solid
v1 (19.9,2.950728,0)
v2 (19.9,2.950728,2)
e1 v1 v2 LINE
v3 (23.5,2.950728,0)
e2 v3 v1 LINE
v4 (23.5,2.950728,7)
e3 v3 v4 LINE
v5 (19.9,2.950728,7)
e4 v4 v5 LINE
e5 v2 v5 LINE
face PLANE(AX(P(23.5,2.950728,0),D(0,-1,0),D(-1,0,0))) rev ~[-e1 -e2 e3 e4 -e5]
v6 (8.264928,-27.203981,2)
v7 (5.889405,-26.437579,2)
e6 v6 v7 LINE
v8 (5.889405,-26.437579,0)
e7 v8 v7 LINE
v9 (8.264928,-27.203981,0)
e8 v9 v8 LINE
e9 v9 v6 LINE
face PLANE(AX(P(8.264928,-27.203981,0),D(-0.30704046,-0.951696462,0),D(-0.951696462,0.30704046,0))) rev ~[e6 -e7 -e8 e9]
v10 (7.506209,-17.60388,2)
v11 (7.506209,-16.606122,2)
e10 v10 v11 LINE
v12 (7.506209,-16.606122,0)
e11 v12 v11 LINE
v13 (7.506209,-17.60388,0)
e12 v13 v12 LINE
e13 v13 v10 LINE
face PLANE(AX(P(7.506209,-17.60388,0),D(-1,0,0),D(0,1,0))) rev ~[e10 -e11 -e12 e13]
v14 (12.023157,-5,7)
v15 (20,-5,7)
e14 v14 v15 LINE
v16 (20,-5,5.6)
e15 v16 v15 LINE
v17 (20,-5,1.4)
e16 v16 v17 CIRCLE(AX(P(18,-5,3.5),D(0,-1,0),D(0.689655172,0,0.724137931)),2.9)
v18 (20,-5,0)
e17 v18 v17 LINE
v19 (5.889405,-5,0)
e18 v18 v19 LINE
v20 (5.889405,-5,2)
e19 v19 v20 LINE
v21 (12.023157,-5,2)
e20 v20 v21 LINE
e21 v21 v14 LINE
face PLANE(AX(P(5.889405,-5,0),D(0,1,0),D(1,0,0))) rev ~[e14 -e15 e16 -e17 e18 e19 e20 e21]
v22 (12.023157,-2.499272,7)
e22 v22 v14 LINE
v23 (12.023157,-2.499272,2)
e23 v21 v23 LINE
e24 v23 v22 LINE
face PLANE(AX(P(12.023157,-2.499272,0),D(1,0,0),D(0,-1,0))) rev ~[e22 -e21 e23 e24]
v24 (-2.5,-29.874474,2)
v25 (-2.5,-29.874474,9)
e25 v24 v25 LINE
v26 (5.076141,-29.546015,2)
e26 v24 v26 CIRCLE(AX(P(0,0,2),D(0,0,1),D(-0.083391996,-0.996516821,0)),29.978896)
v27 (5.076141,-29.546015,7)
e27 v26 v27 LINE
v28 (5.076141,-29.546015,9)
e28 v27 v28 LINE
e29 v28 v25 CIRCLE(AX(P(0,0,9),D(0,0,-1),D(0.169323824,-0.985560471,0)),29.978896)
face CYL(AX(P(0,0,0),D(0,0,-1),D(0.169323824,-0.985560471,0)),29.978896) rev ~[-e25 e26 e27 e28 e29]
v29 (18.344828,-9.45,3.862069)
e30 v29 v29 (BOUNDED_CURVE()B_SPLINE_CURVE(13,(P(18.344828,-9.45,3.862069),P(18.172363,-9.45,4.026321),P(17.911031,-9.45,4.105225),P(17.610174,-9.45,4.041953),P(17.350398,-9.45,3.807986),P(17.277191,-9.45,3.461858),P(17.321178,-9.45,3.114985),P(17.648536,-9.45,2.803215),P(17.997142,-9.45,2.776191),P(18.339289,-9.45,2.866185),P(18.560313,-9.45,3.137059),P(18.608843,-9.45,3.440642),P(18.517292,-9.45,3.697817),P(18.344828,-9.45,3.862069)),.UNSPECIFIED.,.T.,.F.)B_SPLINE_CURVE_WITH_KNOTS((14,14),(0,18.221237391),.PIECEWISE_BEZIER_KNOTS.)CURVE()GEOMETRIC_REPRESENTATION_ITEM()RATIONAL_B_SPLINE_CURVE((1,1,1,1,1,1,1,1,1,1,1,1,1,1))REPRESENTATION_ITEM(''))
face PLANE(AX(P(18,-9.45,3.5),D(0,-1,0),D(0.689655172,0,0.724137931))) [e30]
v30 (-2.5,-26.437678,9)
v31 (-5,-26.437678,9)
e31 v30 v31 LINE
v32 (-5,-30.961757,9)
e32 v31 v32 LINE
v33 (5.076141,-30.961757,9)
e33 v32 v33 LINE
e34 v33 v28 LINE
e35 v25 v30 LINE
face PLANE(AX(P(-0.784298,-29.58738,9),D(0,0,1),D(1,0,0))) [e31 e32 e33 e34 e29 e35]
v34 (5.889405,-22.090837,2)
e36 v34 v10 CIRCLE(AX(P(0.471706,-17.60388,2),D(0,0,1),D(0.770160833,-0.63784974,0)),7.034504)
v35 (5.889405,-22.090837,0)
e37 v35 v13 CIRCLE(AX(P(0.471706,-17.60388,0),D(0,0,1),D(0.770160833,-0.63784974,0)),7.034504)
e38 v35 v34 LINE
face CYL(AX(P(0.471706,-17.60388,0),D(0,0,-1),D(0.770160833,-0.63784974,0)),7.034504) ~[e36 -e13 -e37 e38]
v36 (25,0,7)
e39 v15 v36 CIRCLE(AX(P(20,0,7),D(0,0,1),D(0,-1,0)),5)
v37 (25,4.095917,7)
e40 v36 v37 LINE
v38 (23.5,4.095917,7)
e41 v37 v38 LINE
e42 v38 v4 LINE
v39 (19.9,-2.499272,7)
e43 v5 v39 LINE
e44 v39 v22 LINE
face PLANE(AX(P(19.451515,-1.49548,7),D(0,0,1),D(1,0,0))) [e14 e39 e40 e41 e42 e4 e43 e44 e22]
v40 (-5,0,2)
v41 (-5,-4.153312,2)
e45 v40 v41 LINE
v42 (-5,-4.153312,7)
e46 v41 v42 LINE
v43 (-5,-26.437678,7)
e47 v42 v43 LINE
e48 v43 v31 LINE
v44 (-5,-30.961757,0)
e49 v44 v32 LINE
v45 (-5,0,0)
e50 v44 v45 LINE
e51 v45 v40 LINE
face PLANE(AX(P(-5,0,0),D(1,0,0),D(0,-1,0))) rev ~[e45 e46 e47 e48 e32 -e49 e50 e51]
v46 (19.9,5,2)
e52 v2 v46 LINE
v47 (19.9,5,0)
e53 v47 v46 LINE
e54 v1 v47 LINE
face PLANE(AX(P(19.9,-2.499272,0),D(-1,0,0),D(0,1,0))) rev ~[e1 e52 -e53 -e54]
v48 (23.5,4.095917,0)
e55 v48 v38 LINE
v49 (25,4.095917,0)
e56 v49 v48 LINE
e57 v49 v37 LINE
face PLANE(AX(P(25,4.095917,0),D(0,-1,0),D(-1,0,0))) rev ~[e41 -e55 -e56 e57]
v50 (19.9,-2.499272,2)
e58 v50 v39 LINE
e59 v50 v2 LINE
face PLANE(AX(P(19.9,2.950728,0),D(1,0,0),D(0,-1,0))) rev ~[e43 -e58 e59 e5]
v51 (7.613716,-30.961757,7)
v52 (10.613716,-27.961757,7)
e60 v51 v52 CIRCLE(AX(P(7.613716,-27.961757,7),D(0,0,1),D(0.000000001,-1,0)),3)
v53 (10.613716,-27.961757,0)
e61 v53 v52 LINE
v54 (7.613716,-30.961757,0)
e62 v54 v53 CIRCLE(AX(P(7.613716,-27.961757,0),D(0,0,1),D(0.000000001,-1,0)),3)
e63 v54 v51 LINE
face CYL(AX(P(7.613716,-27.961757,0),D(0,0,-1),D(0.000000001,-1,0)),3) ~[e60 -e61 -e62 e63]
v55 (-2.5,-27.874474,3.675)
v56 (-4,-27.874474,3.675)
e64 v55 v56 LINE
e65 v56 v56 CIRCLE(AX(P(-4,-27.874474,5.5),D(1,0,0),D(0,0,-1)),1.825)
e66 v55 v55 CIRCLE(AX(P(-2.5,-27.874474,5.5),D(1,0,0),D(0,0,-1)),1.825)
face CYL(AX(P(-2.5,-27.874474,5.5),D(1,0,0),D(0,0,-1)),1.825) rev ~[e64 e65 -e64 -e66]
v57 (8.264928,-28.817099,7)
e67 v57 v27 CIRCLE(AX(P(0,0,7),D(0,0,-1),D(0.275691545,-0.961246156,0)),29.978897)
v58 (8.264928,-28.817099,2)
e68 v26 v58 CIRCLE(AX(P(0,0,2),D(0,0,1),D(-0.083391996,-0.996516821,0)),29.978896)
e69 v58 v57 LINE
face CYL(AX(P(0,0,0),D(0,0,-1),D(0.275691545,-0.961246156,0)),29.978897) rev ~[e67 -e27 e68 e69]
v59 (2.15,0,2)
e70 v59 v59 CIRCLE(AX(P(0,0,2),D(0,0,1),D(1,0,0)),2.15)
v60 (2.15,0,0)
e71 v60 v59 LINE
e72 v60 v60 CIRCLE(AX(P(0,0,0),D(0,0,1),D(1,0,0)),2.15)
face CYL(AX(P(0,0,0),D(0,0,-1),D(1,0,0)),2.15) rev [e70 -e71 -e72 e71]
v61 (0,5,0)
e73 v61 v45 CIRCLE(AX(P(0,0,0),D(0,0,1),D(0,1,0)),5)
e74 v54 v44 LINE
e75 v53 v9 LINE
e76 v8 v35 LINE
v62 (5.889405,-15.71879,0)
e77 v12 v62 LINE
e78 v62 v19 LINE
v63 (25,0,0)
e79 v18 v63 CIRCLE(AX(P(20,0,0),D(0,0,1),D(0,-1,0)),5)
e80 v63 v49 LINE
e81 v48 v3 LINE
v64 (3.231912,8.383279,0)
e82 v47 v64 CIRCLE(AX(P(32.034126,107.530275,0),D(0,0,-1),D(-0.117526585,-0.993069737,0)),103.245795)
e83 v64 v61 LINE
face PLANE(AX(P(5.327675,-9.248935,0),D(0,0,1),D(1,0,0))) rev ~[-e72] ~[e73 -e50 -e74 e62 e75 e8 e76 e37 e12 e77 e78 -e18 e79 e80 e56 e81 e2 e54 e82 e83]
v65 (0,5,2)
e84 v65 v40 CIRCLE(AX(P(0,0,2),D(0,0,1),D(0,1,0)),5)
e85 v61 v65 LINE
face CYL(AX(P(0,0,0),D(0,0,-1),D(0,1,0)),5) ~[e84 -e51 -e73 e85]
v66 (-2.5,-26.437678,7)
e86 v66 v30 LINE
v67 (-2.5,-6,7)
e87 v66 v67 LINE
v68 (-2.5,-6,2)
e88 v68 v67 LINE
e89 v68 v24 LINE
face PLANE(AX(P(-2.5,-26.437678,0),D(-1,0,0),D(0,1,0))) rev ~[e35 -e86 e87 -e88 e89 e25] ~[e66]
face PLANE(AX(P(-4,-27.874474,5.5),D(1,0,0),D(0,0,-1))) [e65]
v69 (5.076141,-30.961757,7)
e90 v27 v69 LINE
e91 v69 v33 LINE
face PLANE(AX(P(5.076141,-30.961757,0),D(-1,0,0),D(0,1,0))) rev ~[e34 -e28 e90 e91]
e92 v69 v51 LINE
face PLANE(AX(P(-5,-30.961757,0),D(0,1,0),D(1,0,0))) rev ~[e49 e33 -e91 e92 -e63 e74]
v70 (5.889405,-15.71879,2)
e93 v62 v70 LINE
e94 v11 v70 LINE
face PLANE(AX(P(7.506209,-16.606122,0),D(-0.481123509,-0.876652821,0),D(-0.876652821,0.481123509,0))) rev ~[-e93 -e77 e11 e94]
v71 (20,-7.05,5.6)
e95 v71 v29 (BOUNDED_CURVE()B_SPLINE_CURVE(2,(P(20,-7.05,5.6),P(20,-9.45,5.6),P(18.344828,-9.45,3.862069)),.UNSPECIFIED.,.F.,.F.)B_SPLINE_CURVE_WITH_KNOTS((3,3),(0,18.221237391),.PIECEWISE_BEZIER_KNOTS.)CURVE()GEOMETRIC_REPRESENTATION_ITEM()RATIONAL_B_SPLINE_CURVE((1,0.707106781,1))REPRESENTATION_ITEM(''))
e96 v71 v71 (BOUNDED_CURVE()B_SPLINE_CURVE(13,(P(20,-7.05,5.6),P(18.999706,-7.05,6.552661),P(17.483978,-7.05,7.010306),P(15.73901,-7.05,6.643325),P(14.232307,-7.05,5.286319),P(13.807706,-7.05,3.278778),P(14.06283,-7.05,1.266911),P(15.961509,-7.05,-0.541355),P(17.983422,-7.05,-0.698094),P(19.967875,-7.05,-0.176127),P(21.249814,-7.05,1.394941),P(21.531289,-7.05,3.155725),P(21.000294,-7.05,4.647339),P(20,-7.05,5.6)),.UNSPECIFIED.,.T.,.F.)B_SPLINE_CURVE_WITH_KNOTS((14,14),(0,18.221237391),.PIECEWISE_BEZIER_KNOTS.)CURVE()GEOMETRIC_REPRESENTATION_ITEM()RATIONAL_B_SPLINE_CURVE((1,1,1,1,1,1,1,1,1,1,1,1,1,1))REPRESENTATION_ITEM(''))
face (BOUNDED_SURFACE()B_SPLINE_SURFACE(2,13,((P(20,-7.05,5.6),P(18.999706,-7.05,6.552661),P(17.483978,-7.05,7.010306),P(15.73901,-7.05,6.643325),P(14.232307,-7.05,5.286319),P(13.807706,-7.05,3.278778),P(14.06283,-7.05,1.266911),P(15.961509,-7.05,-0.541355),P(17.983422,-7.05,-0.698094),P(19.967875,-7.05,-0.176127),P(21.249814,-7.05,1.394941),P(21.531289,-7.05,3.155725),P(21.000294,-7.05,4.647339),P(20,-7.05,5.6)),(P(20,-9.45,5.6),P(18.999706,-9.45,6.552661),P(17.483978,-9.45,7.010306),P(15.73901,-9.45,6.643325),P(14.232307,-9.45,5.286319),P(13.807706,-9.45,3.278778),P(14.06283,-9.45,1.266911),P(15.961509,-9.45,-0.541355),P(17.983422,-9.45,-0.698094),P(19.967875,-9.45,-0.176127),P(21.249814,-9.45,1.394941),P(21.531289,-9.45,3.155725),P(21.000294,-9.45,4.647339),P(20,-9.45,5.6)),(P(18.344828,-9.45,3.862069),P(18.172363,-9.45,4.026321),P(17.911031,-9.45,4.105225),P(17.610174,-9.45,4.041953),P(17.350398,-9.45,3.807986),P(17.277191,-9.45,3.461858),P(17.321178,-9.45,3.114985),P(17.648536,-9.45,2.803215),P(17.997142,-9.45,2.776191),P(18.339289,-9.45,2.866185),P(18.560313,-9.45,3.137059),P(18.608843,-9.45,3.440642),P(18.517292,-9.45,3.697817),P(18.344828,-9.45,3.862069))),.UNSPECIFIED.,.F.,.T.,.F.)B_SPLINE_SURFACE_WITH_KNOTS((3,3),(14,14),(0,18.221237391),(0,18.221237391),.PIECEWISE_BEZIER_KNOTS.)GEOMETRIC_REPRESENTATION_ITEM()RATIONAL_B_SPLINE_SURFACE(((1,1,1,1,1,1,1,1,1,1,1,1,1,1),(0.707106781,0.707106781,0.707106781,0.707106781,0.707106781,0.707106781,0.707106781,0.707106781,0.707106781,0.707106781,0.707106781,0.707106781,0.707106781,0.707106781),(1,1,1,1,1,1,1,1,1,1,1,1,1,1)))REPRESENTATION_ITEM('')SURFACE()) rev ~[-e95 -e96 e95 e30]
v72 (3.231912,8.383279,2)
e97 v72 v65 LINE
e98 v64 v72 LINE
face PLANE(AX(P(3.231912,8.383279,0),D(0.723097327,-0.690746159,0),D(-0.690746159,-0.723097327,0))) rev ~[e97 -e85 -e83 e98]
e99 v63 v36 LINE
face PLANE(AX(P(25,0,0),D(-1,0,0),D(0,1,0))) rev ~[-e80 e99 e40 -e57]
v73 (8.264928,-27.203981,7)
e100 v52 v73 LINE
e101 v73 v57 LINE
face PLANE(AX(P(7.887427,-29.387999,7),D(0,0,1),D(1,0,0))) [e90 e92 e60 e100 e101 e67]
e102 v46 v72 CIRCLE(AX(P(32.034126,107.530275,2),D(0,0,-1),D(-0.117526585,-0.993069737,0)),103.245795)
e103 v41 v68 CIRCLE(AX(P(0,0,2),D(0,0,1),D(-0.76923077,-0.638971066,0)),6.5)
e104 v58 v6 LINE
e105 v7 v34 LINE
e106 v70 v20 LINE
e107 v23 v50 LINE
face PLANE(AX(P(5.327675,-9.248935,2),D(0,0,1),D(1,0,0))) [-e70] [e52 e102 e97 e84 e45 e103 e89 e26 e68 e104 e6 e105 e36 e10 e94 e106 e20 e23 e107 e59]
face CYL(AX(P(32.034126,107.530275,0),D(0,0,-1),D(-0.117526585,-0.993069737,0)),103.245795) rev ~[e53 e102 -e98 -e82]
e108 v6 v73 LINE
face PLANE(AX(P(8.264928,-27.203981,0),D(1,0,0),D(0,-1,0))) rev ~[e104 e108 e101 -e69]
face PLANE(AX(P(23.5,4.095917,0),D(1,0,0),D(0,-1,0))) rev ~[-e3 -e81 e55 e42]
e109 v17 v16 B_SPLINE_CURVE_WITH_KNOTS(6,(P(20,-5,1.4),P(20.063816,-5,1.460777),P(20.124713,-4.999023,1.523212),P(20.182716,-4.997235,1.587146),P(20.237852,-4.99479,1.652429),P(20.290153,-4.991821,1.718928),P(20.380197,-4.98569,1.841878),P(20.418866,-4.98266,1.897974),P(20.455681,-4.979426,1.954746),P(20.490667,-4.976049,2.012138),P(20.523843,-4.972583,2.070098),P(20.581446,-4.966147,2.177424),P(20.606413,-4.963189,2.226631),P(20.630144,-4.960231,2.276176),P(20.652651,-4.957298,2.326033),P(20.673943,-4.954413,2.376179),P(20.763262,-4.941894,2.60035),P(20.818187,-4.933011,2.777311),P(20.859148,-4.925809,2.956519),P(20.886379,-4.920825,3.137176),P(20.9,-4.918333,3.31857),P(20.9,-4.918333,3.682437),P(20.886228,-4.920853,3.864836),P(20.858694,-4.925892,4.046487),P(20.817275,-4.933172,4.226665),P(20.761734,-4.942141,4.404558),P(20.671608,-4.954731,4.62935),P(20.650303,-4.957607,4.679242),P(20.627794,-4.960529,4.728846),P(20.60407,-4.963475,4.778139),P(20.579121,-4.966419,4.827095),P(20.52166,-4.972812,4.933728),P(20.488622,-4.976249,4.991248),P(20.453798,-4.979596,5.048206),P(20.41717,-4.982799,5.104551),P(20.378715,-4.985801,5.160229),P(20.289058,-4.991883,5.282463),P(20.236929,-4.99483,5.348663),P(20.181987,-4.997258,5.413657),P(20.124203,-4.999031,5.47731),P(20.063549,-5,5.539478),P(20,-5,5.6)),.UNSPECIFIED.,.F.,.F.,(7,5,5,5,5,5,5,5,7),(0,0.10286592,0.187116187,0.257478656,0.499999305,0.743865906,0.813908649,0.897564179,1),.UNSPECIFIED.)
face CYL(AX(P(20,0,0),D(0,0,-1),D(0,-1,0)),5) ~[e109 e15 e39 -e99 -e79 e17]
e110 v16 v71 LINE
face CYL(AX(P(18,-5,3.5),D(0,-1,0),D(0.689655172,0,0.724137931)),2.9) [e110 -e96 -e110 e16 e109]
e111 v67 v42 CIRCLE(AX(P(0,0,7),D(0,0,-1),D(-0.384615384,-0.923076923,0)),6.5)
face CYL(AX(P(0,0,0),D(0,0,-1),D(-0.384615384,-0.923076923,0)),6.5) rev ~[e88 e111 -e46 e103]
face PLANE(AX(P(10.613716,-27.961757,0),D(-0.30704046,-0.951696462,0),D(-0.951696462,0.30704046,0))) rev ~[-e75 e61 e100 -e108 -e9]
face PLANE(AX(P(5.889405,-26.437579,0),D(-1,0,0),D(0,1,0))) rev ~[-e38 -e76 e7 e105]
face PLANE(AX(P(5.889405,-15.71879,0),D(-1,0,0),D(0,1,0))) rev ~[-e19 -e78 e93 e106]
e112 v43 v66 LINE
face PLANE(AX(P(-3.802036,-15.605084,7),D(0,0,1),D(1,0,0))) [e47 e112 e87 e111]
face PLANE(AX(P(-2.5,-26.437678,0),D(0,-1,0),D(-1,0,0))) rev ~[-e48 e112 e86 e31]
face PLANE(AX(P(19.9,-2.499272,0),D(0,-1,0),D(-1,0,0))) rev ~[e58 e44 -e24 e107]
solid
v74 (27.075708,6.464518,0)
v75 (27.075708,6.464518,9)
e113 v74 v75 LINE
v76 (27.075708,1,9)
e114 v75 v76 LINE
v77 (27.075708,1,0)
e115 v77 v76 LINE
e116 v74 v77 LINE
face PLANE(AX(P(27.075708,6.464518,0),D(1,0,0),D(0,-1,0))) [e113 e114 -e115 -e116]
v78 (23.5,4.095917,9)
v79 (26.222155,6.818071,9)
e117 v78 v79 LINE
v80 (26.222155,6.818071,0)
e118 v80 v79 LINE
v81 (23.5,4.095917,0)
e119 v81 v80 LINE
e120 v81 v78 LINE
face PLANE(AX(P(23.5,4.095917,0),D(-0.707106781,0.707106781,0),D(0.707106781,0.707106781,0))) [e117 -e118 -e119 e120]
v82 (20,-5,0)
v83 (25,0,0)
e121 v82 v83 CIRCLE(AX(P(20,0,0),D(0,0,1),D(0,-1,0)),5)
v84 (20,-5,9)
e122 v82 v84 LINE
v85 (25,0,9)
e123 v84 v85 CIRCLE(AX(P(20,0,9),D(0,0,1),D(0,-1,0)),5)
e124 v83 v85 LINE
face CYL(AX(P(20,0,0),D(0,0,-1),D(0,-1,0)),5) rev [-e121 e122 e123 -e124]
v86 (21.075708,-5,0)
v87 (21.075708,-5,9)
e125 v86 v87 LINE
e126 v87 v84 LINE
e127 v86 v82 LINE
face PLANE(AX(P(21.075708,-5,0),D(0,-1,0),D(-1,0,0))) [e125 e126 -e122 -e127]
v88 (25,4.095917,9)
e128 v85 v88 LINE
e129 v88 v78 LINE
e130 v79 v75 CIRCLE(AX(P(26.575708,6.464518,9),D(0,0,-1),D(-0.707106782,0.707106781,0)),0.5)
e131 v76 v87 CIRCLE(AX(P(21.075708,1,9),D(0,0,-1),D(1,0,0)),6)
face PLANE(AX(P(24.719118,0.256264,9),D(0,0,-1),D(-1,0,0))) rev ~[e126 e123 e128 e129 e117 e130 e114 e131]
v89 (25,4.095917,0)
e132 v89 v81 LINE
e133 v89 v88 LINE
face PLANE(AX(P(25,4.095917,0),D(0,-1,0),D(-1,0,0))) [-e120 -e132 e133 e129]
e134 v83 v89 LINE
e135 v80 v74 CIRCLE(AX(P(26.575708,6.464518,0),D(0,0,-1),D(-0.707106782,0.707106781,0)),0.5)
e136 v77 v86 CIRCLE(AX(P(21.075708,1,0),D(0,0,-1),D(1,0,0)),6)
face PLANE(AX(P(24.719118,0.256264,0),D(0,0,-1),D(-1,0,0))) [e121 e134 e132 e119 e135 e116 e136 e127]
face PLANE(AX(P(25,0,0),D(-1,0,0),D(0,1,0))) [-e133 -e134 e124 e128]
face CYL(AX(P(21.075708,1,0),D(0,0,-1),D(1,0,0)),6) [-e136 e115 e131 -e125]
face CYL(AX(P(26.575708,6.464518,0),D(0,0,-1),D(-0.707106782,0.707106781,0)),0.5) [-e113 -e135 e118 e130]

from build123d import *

# Parameters (mm, degrees)
EXTRUDE_3_DEPTH     = 9
EXTRUDE_3_2_DEPTH   = 9
EXTRUDE_4_DEPTH     = 7
SKETCH_1_8_R        = 2.15
EXTRUDE_5_DEPTH     = 2
SKETCH_2_R          = 2.9
EXTRUDE_6_DEPTH     = 2.45
SKETCH_4_R          = 2.9
EXTRUDE_7_DEPTH     = 2
FILLET_2_R          = 2.4
SKETCH_5_R          = 1.825
CUT_EXTRUDE_1_DEPTH = 1.5


with BuildPart() as part:
    # 스케치1 → 보스-돌출3 (new body)
    with BuildSketch(Plane.XY):
        with BuildLine():
            Line((-2.5, -26.437677825), (-5, -26.437677825))
            Line((-5, -26.437677825), (-5, -30.96175738))
            Line((-5, -30.96175738), (5.076141326, -30.96175738))
            Line((5.076141326, -30.96175738), (5.076141326, -29.54601506))
            ThreePointArc((5.076141326, -29.54601506), (1.298498135, -29.950761581), (-2.5, -29.874474333))
            Line((-2.5, -29.874474333), (-2.5, -26.437677825))
        make_face()
    extrude(amount=EXTRUDE_3_DEPTH)

    # 스케치1<7> → 보스-돌출4 (add)
    with BuildSketch(Plane.XY):
        with BuildLine():
            Line((23.5, 2.950728465), (19.9, 2.950728465))
            Line((19.9, 2.950728465), (19.9, -2.499271535))
            Line((19.9, -2.499271535), (12.023157318, -2.499271535))
            Line((12.023157318, -2.499271535), (12.023157318, -5))
            Line((12.023157318, -5), (20, -5))
            ThreePointArc((20, -5), (23.535533906, -3.535533906), (25, 0))
            Line((25, 0), (25, 4.09591659))
            Line((25, 4.09591659), (23.5, 4.09591659))
            Line((23.5, 4.09591659), (23.5, 2.950728465))
        make_face()
        with BuildLine():
            ThreePointArc((-2.5, -6), (-3.862002616, -5.228282299), (-5, -4.153311931))
            Line((-5, -4.153311931), (-5, -26.437677825))
            Line((-5, -26.437677825), (-2.5, -26.437677825))
            Line((-2.5, -26.437677825), (-2.5, -6))
        make_face()
        with BuildLine():
            Line((5.076141326, -29.54601506), (5.076141326, -30.96175738))
            Line((5.076141326, -30.96175738), (7.613716386, -30.96175738))
            ThreePointArc((7.613716386, -30.96175738), (9.735036729, -30.083077723), (10.613716386, -27.96175738))
            Line((10.613716386, -27.96175738), (8.264928228, -27.20398111))
            Line((8.264928228, -27.20398111), (8.264928228, -28.81709871))
            ThreePointArc((8.264928228, -28.81709871), (6.680483813, -29.225080884), (5.076141326, -29.54601506))
        make_face()
    extrude(amount=EXTRUDE_4_DEPTH)


with BuildPart() as body_2:
    # 스케치1 → Extrude 3 2 (new body)
    with BuildSketch(Plane.XY):
        with BuildLine():
            Line((26.22215467, 6.81807126), (23.5, 4.09591659))
            Line((23.5, 4.09591659), (25, 4.09591659))
            Line((25, 4.09591659), (25, 0))
            ThreePointArc((25, 0), (23.535533906, -3.535533906), (20, -5))
            Line((20, -5), (21.075708061, -5))
            ThreePointArc((21.075708061, -5), (25.318348748, -3.242640687), (27.075708061, 1))
            Line((27.075708061, 1), (27.075708061, 6.46451787))
            ThreePointArc((27.075708061, 6.46451787), (26.767049777, 6.926457636), (26.22215467, 6.81807126))
        make_face()
    extrude(amount=EXTRUDE_3_2_DEPTH)


with BuildPart() as extrude_4_piece_1:
    # of the separate pieces the step leaves, piece 1, a body of its own (extrude_4_pieces)
    add(part.part.solids().sort_by_distance((-2.5, -29.874474333, 0))[0])



with BuildPart() as extrude_4_piece_2:
    # of the separate pieces the step leaves, piece 2, a body of its own (extrude_4_pieces)
    add(part.part.solids().sort_by_distance((23.5, 2.950728465, 0))[0])


with BuildPart() as extrude_4_piece_1_1:
    add(extrude_4_piece_1.part)

    add(extrude_4_piece_2.part)  # 보스-돌출5 merges 보스-돌출4 piece 2
    # 스케치1<8> → 보스-돌출5 (add)
    with BuildSketch(Plane.XY):
        with BuildLine():
            Line((3.231912185, 8.38327913), (0, 5))
            ThreePointArc((0, 5), (-3.535533906, 3.535533906), (-5, 0))
            Line((-5, 0), (-5, -4.153311931))
            ThreePointArc((-5, -4.153311931), (-3.862002616, -5.228282299), (-2.5, -6))
            Line((-2.5, -6), (-2.5, -29.874474333))
            ThreePointArc((-2.5, -29.874474333), (2.93054776, -29.83531643), (8.264928228, -28.81709871))
            Line((8.264928228, -28.81709871), (8.264928228, -27.20398111))
            Line((8.264928228, -27.20398111), (5.889404941, -26.437579436))
            Line((5.889404941, -26.437579436), (5.889404941, -22.090836604))
            ThreePointArc((5.889404941, -22.090836604), (7.089676261, -19.98856225), (7.506209453, -17.603880133))
            Line((7.506209453, -17.603880133), (7.506209453, -16.606122356))
            Line((7.506209453, -16.606122356), (5.889404941, -15.718789718))
            Line((5.889404941, -15.718789718), (5.889404941, -5))
            Line((5.889404941, -5), (12.023157318, -5))
            Line((12.023157318, -5), (12.023157318, -2.499271535))
            Line((12.023157318, -2.499271535), (19.9, -2.499271535))
            Line((19.9, -2.499271535), (19.9, 5))
            ThreePointArc((19.9, 5), (11.496170313, 6.34783243), (3.231912185, 8.38327913))
        make_face()
        Circle(SKETCH_1_8_R, mode=Mode.SUBTRACT)
    extrude(amount=EXTRUDE_5_DEPTH)

    # 스케치2 → 보스-돌출6 (add, symmetric)
    with BuildSketch(Plane.XZ.offset(5)):
        with Locations((18, 3.5)):
            Circle(SKETCH_2_R)
    extrude(amount=EXTRUDE_6_DEPTH, both=True)

    # 스케치4 → 보스-돌출7 (add)
    with BuildSketch(Plane.XZ.offset(7.45)):
        with Locations((18, 3.5)):
            Circle(SKETCH_4_R)
    extrude(amount=EXTRUDE_7_DEPTH)

    # 필렛2
    fillet_2_edges = [extrude_4_piece_1_1.edges().sort_by_distance(p)[0] for p in [
        (15.1, -9.45, 3.5),
    ]]
    fillet(fillet_2_edges, radius=FILLET_2_R)

    # 스케치5 → 컷-돌출1 (cut)
    with BuildSketch(Plane(origin=(-2.5, 0, 0), x_dir=(0, 0, -1), z_dir=(1, 0, 0))):
        with Locations((-5.5, -27.874474333)):
            Circle(SKETCH_5_R)
    extrude(amount=-CUT_EXTRUDE_1_DEPTH, mode=Mode.SUBTRACT)


solid = Compound([body_2.part, extrude_4_piece_1_1.part])
